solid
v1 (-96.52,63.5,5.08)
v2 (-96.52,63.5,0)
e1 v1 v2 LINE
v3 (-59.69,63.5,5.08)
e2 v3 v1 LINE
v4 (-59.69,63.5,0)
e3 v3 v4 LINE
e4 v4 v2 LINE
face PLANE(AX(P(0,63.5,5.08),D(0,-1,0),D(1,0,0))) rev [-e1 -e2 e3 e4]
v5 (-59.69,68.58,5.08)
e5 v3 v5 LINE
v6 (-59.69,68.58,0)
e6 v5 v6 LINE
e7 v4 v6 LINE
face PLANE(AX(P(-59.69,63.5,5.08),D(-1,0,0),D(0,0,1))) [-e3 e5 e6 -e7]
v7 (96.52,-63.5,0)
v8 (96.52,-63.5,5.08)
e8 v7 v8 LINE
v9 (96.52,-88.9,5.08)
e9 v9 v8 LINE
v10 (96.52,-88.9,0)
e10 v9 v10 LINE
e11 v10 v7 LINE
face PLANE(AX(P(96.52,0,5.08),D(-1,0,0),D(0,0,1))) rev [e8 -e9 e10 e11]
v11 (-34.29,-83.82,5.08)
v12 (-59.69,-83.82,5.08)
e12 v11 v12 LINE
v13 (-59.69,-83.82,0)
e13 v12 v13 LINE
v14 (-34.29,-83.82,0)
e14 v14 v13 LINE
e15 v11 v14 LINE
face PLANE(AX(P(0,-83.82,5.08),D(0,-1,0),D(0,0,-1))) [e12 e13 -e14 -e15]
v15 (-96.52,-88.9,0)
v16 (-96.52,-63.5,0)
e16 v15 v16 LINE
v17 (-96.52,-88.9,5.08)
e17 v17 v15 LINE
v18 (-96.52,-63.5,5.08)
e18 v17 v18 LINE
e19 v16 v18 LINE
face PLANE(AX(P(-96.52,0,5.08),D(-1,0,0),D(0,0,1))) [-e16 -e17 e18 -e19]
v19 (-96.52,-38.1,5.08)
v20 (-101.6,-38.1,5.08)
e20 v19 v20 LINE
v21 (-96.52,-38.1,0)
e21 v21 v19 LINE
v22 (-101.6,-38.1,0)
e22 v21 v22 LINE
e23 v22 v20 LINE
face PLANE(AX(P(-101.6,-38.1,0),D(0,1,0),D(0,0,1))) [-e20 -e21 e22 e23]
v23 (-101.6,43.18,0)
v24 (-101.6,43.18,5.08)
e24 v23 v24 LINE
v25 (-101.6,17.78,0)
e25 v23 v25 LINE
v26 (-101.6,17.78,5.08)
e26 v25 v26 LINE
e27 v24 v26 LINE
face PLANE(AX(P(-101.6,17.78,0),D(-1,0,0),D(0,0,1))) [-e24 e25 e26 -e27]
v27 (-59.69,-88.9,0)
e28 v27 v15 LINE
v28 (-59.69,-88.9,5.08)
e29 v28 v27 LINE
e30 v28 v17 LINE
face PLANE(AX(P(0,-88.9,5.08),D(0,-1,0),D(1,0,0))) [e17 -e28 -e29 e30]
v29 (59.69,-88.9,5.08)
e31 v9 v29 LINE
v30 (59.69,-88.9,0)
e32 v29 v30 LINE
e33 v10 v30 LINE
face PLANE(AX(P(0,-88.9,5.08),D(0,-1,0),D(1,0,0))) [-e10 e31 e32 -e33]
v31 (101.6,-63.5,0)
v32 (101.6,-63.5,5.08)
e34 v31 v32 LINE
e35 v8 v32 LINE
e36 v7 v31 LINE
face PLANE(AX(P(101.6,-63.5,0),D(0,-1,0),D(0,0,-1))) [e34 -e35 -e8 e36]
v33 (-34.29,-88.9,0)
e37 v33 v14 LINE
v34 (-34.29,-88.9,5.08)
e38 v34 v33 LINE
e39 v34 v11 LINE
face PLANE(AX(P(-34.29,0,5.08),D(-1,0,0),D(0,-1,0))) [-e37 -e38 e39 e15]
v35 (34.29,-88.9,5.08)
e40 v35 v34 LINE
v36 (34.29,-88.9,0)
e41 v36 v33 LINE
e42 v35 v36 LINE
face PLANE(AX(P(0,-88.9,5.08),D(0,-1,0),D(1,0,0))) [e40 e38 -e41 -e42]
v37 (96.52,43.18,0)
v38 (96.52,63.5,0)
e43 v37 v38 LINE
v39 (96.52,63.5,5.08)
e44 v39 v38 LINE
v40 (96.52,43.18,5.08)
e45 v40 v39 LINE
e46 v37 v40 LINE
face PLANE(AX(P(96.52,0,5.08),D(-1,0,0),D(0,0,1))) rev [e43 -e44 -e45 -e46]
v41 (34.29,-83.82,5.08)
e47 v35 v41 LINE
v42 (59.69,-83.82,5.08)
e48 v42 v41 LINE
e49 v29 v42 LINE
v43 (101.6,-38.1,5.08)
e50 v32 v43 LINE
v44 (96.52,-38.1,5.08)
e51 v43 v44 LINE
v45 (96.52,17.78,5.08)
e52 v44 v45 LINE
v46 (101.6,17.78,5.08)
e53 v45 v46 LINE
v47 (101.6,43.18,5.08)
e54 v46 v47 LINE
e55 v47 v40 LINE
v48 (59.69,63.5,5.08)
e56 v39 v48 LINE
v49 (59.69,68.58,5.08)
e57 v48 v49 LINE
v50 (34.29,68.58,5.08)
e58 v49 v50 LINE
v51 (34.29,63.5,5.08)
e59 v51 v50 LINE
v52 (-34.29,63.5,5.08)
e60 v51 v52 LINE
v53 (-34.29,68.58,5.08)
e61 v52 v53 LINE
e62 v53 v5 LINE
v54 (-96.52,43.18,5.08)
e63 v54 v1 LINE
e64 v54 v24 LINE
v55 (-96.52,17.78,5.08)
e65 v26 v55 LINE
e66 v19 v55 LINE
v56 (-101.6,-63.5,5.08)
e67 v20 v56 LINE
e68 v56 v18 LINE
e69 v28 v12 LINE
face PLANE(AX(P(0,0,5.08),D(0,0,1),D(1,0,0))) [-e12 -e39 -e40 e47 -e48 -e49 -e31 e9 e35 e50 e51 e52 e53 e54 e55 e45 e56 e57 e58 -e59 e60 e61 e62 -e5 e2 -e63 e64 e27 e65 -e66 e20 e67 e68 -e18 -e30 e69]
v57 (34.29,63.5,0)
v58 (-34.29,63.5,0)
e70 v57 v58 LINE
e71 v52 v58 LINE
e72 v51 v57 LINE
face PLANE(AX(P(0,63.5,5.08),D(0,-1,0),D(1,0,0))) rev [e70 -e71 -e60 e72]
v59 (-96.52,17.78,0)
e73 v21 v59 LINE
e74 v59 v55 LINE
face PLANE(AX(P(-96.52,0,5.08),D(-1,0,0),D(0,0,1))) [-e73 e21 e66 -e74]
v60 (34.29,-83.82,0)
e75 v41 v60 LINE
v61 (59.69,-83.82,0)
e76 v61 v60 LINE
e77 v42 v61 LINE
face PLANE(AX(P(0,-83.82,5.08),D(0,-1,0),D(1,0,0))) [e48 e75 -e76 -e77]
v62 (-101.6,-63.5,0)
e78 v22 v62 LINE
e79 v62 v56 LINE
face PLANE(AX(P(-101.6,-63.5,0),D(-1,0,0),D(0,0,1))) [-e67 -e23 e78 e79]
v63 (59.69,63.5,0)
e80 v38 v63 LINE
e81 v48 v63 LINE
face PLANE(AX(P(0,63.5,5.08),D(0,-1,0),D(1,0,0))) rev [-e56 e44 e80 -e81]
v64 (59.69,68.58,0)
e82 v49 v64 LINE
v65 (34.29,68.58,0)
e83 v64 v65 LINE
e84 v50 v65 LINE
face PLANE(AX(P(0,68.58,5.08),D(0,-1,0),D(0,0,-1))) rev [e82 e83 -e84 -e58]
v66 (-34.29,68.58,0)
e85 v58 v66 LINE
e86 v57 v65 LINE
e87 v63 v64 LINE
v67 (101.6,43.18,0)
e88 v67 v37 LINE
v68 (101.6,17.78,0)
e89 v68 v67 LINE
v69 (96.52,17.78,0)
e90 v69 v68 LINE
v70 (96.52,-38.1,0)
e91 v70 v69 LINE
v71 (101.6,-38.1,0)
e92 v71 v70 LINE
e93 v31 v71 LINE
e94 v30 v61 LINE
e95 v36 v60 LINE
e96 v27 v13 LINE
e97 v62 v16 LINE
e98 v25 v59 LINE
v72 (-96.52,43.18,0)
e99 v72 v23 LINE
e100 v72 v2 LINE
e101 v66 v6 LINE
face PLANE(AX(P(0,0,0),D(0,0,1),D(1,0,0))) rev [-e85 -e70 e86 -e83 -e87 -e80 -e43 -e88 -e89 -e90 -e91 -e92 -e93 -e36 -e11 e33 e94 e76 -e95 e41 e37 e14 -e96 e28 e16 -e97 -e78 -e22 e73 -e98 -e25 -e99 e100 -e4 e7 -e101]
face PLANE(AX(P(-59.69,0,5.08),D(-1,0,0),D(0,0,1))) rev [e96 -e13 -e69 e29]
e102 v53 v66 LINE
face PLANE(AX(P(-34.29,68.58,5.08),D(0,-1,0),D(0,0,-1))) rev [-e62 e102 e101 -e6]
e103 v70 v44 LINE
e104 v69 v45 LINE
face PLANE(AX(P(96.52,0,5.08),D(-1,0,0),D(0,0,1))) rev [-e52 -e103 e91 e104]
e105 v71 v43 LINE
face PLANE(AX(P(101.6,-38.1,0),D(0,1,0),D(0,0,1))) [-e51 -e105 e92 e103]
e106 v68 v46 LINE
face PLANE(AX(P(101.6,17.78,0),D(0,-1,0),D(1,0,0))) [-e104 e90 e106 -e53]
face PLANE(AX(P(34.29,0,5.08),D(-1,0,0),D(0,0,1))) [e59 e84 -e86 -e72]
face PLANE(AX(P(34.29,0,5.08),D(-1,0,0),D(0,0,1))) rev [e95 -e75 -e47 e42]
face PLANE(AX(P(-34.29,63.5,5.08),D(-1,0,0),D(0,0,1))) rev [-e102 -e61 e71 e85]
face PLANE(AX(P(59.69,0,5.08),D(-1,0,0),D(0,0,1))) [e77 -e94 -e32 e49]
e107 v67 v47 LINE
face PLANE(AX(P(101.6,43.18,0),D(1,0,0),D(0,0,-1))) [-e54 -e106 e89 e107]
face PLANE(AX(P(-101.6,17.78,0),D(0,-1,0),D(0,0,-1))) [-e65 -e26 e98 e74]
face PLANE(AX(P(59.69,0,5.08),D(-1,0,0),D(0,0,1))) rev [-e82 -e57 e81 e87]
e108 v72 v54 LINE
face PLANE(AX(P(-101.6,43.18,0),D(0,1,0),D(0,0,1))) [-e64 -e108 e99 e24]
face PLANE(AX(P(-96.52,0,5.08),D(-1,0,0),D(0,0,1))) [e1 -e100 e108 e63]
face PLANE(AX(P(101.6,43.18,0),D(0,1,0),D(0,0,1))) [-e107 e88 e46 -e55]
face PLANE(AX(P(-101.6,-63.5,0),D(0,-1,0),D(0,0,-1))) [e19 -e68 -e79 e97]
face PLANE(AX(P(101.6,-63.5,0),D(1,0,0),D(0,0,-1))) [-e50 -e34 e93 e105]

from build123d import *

# Parameters (mm, degrees)
SKETCH1_W           = 36.83
SKETCH1_H           = 5.08
SKETCH1_W_2         = 25.4
BOSS_EXTRUDE1_DEPTH = 5.08
SKETCH2_W           = 5.08
SKETCH2_H           = 25.4
BOSS_EXTRUDE2_DEPTH = 5.08


with BuildPart() as part:
    # Sketch1 → Boss-Extrude1 (new body)
    with BuildSketch(Plane.XY):
        Polygon((59.69, -83.82), (96.52, -83.82), (96.52, 63.5), (59.69, 63.5), (34.29, 63.5), (-34.29, 63.5), (-59.69, 63.5), (-96.52, 63.5), (-96.52, -83.82), (-59.69, -83.82), (-34.29, -83.82), (-34.29, -88.9), (34.29, -88.9), (34.29, -83.82), align=None)
        with Locations((78.105, -86.36)):
            Rectangle(SKETCH1_W, SKETCH1_H)
        with Locations((-78.105, -86.36)):
            Rectangle(SKETCH1_W, SKETCH1_H)
        with Locations((46.99, 66.04)):
            Rectangle(SKETCH1_W_2, SKETCH1_H)
        with Locations((-46.99, 66.04)):
            Rectangle(SKETCH1_W_2, SKETCH1_H)
    extrude(amount=BOSS_EXTRUDE1_DEPTH)

    # Sketch2 → Boss-Extrude2 (add)
    with BuildSketch(Plane.XY.offset(5.08)):
        with Locations((99.06, -50.8)):
            Rectangle(SKETCH2_W, SKETCH2_H)
        with Locations((99.06, 30.48)):
            Rectangle(SKETCH2_W, SKETCH2_H)
        with Locations((-99.06, -50.8)):
            Rectangle(SKETCH2_W, SKETCH2_H)
        with Locations((-99.06, 30.48)):
            Rectangle(SKETCH2_W, SKETCH2_H)
    extrude(amount=-BOSS_EXTRUDE2_DEPTH)


solid = part.part
